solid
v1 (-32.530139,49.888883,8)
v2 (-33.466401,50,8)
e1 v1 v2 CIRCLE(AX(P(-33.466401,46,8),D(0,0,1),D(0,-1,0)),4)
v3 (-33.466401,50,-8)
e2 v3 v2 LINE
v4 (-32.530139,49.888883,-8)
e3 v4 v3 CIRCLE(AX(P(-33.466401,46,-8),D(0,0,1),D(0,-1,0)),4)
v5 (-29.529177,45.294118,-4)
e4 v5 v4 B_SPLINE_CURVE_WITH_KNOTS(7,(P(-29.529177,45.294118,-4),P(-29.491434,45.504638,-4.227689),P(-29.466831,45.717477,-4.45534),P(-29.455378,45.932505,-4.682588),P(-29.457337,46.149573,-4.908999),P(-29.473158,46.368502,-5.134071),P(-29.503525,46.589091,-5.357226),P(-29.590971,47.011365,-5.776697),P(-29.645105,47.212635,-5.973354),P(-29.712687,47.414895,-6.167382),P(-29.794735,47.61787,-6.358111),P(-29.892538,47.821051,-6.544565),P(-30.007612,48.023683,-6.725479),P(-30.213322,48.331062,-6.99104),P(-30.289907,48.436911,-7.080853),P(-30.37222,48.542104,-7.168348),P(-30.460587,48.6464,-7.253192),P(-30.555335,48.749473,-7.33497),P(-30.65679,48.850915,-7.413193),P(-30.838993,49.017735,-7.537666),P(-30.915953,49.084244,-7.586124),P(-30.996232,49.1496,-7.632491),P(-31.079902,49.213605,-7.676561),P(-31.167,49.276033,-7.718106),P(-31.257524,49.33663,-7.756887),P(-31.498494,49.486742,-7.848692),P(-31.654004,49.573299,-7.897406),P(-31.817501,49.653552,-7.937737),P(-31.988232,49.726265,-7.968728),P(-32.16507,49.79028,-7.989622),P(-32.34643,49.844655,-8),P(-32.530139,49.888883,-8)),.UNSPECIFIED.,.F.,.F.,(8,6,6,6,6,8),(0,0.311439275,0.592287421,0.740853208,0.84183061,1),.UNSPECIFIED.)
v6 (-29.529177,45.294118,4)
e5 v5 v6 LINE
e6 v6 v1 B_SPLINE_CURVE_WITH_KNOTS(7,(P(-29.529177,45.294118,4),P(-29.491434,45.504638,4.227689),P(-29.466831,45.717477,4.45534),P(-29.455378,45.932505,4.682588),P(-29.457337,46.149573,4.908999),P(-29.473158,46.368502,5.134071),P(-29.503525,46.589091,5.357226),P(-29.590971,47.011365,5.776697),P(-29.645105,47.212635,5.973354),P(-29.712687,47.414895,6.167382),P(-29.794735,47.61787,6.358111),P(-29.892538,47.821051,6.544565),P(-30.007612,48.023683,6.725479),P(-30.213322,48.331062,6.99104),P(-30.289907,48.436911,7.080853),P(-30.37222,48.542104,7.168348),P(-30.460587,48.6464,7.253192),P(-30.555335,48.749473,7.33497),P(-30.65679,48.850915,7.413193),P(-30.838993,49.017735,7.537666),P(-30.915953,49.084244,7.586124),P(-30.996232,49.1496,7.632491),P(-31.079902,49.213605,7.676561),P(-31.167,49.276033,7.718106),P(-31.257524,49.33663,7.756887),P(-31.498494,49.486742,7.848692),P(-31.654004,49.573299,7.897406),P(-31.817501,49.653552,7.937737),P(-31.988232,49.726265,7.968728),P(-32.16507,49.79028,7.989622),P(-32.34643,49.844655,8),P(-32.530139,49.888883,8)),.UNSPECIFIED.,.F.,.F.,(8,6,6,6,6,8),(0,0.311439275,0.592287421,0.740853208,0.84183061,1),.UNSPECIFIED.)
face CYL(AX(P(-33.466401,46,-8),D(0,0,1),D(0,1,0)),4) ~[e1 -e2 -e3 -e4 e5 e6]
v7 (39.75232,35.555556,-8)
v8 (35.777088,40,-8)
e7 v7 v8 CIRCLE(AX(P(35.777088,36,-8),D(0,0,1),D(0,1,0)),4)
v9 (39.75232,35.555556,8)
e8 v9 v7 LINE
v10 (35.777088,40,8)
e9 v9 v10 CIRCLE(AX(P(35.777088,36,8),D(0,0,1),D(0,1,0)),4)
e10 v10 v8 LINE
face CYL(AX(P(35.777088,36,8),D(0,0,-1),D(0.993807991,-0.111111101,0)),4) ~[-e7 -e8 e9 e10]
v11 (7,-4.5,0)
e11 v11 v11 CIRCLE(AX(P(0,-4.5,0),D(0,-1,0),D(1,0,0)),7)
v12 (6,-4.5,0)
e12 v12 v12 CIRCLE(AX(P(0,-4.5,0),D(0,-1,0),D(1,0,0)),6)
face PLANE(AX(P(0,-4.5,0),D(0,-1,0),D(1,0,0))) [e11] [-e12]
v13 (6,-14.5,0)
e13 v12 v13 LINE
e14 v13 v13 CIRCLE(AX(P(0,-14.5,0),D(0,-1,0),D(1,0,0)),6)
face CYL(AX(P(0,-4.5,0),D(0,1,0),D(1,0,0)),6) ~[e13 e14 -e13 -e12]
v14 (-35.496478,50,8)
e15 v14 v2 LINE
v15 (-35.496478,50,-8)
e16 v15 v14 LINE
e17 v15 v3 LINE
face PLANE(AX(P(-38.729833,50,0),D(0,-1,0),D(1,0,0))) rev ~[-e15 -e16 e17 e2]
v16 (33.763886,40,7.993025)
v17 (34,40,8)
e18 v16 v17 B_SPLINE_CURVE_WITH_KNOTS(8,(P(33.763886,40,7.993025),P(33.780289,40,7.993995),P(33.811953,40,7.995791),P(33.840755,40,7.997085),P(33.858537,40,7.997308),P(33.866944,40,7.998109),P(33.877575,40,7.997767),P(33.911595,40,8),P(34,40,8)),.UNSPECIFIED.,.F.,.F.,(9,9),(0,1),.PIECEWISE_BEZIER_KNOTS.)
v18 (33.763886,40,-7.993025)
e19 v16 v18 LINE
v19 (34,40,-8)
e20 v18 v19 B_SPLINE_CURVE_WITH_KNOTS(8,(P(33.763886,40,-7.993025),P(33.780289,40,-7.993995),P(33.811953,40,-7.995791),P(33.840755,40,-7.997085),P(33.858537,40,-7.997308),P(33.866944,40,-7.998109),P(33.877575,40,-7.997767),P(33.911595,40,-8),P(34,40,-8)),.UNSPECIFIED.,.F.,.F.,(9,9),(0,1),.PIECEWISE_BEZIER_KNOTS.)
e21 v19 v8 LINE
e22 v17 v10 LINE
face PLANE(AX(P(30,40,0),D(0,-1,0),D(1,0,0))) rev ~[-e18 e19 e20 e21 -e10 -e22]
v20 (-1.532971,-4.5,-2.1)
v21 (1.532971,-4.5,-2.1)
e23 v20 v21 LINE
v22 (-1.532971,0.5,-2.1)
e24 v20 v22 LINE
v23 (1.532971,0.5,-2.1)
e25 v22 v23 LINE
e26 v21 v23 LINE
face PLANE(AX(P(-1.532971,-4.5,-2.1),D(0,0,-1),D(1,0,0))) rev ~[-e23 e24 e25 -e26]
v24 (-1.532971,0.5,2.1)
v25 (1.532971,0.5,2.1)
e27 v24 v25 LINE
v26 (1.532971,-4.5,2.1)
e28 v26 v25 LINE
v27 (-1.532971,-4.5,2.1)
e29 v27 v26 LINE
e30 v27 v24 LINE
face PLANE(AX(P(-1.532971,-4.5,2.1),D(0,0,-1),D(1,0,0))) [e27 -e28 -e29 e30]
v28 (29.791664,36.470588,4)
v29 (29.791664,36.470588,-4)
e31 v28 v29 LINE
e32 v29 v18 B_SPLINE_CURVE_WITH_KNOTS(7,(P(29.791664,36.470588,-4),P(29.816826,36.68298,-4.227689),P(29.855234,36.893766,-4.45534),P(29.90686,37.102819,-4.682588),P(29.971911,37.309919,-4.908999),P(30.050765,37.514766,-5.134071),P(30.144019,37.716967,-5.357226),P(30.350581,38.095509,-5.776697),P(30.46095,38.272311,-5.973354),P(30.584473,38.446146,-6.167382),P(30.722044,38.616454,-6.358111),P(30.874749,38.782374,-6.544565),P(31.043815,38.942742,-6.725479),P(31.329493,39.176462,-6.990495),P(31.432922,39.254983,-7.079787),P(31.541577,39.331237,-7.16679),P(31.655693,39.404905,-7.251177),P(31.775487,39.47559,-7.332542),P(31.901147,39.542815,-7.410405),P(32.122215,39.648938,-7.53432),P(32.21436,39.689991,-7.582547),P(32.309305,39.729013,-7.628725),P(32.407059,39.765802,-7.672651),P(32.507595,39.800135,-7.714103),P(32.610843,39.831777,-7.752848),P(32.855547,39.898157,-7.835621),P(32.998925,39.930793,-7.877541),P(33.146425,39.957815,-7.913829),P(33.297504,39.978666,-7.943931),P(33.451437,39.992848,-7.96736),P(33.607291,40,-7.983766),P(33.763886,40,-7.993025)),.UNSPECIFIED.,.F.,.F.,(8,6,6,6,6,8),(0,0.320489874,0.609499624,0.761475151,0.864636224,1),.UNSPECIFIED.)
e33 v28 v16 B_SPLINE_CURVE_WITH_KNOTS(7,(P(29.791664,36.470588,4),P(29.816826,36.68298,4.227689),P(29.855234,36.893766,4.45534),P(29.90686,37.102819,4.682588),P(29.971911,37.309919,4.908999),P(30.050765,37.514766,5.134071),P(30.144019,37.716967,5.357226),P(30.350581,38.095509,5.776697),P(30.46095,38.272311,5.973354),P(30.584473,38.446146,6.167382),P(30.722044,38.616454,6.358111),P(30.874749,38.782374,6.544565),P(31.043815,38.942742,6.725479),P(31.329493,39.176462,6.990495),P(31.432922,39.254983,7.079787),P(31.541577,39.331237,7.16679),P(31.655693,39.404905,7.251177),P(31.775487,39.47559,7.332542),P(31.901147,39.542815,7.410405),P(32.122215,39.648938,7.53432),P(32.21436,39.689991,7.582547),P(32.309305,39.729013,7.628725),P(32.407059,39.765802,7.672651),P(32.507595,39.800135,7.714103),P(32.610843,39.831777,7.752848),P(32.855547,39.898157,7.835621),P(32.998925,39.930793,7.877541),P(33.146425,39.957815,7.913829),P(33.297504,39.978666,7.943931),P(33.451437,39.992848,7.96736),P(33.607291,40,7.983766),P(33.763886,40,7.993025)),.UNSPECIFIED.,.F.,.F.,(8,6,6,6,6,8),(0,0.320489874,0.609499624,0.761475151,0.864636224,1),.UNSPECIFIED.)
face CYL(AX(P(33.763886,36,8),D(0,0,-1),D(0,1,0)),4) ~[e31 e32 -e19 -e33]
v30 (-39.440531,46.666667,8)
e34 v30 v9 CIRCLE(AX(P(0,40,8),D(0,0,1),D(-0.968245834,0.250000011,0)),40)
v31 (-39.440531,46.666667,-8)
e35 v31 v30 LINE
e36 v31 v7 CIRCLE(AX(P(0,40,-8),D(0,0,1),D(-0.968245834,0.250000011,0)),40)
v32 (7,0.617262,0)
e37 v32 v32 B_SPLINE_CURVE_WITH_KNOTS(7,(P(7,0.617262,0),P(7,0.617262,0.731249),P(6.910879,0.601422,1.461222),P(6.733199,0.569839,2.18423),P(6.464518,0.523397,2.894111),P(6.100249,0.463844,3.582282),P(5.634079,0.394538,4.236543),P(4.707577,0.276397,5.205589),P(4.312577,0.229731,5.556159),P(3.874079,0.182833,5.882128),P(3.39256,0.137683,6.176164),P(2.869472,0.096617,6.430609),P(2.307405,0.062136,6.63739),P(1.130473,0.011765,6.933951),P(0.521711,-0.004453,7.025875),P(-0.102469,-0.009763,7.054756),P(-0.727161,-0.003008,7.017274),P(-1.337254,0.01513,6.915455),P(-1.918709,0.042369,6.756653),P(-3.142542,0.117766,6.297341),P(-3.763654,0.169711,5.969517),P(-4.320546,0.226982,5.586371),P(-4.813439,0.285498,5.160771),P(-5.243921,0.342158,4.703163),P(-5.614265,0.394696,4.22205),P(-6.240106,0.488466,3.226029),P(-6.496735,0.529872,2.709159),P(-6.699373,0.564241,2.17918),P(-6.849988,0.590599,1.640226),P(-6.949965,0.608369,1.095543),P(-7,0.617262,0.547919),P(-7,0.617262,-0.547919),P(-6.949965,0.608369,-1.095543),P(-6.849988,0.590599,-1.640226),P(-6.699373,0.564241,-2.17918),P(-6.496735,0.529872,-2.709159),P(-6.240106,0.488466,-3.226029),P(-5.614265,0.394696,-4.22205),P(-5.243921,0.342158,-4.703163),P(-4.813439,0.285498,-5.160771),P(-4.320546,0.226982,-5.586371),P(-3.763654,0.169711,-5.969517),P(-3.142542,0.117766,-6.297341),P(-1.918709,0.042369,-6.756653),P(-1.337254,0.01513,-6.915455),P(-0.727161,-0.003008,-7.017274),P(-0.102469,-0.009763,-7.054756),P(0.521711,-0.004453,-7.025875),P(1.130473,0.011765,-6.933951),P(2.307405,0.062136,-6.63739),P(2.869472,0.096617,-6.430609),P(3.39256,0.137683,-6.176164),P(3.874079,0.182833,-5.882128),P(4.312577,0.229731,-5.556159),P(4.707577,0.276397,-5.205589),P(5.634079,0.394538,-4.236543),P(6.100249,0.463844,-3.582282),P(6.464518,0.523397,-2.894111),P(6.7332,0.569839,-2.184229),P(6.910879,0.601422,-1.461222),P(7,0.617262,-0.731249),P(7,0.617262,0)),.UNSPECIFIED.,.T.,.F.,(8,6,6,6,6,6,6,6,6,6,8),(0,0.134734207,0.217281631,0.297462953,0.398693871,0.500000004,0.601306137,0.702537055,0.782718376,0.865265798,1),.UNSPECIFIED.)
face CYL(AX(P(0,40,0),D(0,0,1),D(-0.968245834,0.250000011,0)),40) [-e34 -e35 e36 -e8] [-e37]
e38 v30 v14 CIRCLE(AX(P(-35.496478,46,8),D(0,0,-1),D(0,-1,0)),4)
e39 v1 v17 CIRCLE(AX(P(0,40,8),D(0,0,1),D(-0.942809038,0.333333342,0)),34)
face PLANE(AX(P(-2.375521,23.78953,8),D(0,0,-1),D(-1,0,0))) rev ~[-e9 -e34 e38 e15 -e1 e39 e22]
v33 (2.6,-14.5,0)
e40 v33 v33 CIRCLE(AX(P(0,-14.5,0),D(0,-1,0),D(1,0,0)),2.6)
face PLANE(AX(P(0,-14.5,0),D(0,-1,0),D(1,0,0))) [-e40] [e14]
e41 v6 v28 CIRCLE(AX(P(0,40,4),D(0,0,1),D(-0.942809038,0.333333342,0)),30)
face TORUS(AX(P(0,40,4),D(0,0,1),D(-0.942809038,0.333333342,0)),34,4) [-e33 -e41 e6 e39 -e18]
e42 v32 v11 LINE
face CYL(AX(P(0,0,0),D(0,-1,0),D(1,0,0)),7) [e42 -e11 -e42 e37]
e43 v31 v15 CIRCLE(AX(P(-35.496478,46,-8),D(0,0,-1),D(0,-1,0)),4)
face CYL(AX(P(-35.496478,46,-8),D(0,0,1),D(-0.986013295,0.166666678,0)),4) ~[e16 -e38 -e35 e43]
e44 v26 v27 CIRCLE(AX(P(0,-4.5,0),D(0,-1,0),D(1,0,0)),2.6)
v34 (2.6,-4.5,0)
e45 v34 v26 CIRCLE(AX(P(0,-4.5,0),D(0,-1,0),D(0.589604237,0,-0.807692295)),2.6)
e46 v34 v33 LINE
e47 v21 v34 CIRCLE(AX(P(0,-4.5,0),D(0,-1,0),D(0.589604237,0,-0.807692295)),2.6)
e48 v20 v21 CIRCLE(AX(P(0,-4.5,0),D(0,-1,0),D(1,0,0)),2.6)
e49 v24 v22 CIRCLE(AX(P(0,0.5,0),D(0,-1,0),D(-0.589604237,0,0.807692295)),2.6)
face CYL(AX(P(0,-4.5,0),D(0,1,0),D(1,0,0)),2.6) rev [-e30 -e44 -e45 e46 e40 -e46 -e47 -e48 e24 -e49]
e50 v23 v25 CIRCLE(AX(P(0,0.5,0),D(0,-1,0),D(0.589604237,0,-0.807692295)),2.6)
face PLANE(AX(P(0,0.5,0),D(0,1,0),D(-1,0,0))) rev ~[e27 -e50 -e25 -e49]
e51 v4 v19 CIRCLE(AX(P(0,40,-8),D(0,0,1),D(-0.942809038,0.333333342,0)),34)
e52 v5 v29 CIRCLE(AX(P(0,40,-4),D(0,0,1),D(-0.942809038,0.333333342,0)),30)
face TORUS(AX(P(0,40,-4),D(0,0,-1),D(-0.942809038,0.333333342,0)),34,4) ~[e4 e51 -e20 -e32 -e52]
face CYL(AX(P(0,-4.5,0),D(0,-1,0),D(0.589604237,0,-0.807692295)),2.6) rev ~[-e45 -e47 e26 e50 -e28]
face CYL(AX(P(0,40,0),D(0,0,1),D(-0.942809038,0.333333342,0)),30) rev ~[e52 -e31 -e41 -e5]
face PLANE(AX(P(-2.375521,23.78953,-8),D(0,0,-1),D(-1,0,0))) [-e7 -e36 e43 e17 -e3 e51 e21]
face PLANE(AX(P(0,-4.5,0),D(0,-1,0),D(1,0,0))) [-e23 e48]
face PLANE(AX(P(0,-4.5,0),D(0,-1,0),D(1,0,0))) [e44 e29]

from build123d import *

# Parameters (mm, degrees)
PAD_DEPTH     = 8
SKETCH002_R   = 7
PAD001_DEPTH  = 4.5
POCKET_DEPTH  = 5
SKETCH005_R   = 6
SKETCH005_R_2 = 2.6
PAD002_DEPTH  = 10
FILLET_R      = 4


with BuildPart() as part:
    # Sketch001 → Pad (new body, symmetric)
    with BuildSketch(Plane.XY):
        with BuildLine():
            ThreePointArc((-28.284271, 50), (-5.073059, 10.432043), (30, 40))
            Line((30, 40), (40, 40))
            ThreePointArc((-38.729833, 50), (-5.040172, 0.318812), (40, 40))
            Line((-38.729833, 50), (-28.284271, 50))
        make_face()
    extrude(amount=PAD_DEPTH, both=True)

    # Sketch002 → Pad001 (join, symmetric)
    with BuildSketch(Plane.XZ):
        Circle(SKETCH002_R)
    extrude(amount=PAD001_DEPTH, both=True)

    # Sketch004 (on Face8 of Pad001) → Pocket (cut)
    with BuildSketch(Plane.XZ.offset(4.5)):
        with BuildLine():
            Line((-1.532971, 2.1), (1.532971, 2.1))
            ThreePointArc((1.532971, -2.1), (2.6, 0), (1.532971, 2.1))
            Line((-1.532971, -2.1), (1.532971, -2.1))
            ThreePointArc((-1.532971, 2.1), (-2.6, 0), (-1.532971, -2.1))
        make_face()
    extrude(amount=-POCKET_DEPTH, mode=Mode.SUBTRACT)

    # Sketch005 (on Face8 of Pocket) → Pad002 (join)
    with BuildSketch(Plane.XZ.offset(4.5)):
        Circle(SKETCH005_R)
        Circle(SKETCH005_R_2, mode=Mode.SUBTRACT)
    extrude(amount=PAD002_DEPTH)

    # Fillet
    fillet_edges = [part.edges().sort_by_distance(p)[0] for p in [
        (-28.284271, 50, 0),
        (30, 40, 0),
        (-5.073059, 10.432043, -8),
        (-5.073059, 10.432043, 8),
        (-38.729833, 50, 0),
        (40, 40, 0),
    ]]
    fillet(fillet_edges, radius=FILLET_R)


solid = part.part
